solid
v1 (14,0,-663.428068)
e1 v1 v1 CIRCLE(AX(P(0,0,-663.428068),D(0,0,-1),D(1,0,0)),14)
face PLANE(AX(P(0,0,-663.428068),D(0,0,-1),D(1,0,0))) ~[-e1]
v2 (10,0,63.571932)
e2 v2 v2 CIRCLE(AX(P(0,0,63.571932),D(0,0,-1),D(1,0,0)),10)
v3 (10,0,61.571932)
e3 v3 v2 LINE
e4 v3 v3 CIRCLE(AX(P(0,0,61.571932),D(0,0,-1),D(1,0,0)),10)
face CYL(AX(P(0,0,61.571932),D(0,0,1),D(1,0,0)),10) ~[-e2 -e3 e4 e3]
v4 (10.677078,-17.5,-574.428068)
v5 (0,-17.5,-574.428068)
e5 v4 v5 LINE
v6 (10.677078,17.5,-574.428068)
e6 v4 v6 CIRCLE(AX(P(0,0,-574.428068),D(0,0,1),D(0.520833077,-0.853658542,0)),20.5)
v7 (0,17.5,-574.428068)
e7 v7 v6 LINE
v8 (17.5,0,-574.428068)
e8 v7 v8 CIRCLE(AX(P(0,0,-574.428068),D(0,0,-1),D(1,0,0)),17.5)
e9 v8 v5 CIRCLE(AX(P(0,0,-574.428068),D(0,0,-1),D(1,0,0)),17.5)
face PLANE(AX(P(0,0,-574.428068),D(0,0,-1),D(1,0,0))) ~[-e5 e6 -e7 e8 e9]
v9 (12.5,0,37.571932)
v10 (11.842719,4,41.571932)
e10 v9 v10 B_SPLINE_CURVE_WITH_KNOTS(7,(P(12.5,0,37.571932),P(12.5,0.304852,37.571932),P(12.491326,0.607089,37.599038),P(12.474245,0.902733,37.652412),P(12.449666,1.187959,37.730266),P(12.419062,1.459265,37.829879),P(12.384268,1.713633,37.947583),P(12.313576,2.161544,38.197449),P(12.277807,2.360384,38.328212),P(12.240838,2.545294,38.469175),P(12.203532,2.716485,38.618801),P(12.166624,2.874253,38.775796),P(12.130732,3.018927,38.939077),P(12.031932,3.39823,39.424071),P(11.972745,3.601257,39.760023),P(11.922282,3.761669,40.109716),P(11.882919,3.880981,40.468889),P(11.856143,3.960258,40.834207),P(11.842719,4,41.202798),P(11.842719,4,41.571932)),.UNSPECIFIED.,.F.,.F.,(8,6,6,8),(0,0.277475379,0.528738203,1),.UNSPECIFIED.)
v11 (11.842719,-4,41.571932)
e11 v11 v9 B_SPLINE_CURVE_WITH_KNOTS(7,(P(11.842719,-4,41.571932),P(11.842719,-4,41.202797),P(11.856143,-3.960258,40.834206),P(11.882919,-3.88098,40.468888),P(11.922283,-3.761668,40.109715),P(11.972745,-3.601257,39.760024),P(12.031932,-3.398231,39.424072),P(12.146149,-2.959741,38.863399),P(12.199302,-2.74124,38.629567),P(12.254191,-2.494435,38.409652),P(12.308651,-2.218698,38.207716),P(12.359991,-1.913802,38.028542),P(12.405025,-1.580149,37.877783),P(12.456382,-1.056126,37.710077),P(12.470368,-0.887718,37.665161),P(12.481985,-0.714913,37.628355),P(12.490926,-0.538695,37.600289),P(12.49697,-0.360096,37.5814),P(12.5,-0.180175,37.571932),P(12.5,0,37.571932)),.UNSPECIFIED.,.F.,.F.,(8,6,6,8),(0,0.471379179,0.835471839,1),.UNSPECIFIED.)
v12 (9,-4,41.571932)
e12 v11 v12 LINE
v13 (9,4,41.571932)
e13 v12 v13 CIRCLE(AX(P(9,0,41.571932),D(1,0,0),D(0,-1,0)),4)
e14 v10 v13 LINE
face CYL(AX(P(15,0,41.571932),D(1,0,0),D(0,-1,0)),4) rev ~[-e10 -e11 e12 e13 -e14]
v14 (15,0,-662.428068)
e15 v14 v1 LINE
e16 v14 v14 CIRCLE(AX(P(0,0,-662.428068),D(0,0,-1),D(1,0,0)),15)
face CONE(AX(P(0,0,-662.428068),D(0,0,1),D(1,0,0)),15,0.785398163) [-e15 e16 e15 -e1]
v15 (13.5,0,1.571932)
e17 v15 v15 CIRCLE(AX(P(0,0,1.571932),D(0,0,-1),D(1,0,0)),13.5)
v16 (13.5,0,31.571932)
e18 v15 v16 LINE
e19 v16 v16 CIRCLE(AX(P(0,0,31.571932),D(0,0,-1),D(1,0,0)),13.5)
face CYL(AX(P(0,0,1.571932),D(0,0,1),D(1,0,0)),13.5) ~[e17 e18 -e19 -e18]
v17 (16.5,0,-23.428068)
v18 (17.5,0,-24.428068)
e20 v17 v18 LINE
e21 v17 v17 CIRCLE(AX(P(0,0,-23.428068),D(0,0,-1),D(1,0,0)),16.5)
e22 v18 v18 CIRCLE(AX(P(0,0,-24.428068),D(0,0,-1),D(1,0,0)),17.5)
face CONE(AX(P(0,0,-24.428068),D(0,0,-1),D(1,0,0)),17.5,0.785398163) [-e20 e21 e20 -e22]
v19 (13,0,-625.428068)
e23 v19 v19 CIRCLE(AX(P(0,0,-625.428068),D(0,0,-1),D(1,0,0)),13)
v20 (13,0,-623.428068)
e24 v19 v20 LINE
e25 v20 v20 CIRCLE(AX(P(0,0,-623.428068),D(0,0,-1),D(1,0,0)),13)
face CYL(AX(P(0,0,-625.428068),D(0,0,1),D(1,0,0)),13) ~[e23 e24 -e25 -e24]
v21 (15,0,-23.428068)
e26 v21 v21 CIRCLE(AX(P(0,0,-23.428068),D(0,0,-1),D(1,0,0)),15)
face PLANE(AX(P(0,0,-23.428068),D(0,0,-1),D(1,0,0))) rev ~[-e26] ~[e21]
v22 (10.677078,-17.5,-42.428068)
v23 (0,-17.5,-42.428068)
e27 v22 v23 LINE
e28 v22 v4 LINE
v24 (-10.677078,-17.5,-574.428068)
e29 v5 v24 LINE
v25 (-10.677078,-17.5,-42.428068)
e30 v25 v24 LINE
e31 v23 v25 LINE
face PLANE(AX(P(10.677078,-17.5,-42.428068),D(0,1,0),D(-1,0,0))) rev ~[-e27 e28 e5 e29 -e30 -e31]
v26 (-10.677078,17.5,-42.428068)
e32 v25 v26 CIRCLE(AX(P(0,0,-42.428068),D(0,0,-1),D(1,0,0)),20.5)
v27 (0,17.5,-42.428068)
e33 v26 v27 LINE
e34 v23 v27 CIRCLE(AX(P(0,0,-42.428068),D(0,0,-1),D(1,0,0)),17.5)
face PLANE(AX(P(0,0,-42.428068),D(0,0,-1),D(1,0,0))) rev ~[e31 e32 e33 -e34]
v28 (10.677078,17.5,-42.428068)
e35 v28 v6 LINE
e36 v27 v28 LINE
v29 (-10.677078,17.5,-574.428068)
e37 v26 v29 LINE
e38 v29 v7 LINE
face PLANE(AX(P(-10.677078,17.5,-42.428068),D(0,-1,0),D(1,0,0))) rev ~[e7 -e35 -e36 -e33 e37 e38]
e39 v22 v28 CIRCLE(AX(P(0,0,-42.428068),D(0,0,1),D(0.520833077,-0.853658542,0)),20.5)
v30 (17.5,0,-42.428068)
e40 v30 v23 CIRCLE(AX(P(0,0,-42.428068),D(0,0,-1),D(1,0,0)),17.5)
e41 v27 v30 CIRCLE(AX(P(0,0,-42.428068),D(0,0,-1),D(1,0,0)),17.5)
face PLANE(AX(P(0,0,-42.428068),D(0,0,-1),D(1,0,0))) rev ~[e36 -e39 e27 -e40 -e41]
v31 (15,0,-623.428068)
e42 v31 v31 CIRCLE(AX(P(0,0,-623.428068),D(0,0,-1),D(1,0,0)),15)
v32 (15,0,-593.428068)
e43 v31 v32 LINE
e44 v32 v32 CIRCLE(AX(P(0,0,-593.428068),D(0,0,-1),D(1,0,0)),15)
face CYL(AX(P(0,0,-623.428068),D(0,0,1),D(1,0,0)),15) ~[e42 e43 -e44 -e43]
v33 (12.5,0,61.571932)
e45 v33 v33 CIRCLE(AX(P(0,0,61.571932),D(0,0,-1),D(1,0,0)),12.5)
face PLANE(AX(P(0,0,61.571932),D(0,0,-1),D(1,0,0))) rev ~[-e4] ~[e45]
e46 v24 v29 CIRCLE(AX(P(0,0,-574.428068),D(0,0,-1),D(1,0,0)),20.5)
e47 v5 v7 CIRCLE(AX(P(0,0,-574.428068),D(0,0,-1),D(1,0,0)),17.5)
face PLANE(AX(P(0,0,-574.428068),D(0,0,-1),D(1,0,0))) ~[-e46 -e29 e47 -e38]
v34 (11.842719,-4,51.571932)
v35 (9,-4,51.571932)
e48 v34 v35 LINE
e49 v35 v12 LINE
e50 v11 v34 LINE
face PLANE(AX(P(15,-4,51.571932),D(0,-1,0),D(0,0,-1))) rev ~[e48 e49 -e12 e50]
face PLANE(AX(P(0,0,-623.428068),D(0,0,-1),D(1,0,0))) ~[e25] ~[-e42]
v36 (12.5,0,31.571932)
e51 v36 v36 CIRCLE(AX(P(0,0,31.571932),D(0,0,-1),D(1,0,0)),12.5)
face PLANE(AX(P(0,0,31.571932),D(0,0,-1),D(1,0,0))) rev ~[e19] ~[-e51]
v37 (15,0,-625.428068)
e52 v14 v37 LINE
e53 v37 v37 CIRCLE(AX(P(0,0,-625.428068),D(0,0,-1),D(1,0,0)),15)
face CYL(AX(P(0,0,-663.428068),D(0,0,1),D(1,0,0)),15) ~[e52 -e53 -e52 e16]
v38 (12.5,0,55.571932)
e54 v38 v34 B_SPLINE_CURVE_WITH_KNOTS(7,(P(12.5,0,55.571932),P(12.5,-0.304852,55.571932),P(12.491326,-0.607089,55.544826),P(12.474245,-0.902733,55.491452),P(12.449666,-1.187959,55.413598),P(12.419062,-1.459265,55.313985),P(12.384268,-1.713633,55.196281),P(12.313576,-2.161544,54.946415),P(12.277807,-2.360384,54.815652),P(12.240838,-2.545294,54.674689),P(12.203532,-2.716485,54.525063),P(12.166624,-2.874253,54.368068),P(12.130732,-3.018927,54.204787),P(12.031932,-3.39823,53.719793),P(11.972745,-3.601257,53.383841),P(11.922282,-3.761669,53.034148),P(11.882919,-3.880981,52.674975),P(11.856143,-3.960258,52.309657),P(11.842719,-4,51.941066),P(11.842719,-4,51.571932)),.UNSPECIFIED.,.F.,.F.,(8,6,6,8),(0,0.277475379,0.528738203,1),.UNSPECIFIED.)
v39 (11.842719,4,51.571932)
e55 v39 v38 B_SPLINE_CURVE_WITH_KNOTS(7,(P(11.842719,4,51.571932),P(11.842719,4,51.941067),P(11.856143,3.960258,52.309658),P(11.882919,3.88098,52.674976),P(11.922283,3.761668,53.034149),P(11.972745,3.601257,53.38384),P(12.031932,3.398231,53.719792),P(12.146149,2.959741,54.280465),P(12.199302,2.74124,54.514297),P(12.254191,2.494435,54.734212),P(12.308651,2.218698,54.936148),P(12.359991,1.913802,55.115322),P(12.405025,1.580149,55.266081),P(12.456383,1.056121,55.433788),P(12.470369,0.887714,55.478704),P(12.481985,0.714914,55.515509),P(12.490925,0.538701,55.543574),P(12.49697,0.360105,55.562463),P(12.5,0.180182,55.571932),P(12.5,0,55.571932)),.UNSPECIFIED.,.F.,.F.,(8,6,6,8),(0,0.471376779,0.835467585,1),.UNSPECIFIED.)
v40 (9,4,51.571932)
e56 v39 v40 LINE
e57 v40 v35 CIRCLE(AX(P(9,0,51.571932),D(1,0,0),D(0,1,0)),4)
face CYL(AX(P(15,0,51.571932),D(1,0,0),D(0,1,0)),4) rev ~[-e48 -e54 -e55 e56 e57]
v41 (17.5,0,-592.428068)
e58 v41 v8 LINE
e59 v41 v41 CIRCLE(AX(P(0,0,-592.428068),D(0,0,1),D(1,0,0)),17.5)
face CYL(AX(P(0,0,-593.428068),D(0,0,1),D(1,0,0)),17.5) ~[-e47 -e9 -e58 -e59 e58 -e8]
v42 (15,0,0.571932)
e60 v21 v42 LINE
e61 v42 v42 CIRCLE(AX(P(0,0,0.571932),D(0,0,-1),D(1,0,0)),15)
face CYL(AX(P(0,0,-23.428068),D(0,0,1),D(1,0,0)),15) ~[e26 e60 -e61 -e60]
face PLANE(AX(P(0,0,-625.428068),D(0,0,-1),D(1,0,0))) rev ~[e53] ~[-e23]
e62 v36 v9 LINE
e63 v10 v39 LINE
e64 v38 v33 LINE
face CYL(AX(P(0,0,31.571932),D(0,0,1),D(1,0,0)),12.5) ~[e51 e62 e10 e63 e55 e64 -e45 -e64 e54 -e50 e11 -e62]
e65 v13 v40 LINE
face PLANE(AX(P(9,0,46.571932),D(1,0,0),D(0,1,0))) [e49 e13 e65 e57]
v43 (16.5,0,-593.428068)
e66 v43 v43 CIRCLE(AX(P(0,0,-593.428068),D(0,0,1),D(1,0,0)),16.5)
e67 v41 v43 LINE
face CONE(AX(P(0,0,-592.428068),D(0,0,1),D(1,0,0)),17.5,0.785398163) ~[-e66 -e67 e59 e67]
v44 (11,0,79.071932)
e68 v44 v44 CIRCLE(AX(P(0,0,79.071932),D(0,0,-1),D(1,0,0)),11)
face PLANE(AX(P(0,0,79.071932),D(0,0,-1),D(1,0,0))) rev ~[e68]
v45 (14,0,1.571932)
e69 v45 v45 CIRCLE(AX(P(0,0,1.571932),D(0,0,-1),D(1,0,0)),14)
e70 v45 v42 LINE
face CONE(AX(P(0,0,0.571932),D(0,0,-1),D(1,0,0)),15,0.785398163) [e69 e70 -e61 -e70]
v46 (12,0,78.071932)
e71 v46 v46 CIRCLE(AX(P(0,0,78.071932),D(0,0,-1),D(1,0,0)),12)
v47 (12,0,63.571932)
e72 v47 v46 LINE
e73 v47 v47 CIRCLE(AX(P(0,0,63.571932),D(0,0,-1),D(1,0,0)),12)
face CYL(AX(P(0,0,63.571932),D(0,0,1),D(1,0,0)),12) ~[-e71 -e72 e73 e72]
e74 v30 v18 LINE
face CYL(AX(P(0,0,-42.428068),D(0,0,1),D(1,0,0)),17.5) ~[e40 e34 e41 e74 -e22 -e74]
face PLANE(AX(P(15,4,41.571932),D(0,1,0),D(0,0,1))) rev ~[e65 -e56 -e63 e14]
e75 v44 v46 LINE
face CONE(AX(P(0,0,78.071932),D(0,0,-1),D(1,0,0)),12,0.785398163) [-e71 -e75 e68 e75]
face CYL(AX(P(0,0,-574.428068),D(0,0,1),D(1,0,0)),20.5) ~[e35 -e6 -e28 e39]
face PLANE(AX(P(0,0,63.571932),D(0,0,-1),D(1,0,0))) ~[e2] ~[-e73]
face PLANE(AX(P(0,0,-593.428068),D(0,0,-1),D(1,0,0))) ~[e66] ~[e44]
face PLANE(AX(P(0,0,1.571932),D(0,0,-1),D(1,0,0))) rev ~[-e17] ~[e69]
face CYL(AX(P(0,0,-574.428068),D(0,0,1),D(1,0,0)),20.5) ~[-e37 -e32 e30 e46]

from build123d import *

# Parameters (mm, degrees)
F3_DEPTH = 621.001
F4_SIZE  = 1
F7_DEPTH = 6


with BuildPart() as f1:
    # F0 (on Front) → F1 (revolve)
    with BuildSketch(Plane.XZ):
        Polygon((12, 79.071932), (0, 79.071932), (0, -663.428068), (15, -663.428068), (15, -625.428068), (13, -625.428068), (13, -623.428068), (15, -623.428068), (15, -593.428068), (17.5, -593.428068), (17.5, -574.428068), (20.5, -574.428068), (20.5, -42.428068), (17.5, -42.428068), (17.5, -23.428068), (15, -23.428068), (15, 1.571932), (13.5, 1.571932), (13.5, 31.571932), (12.5, 31.571932), (12.5, 61.571932), (10, 61.571932), (10, 63.571932), (12, 63.571932), align=None)
    revolve(axis=Axis((0, 0, -292.178068), (0, 0, -1)))

    # F2 (on face) → F3 (cut, through all)
    with BuildSketch(Plane.XY.offset(-42.428068)):
        with BuildLine():
            ThreePointArc((10.677078, 17.5), (0, 20.5), (-10.677078, 17.5))
            Line((-10.677078, 17.5), (0, 17.5))
            Line((0, 17.5), (10.677078, 17.5))
        make_face()
        with BuildLine():
            Line((0, -17.5), (-10.677078, -17.5))
            ThreePointArc((-10.677078, -17.5), (0, -20.5), (10.677078, -17.5))
            Line((10.677078, -17.5), (0, -17.5))
        make_face()
    extrude(amount=-F3_DEPTH, mode=Mode.SUBTRACT)

    # F4
    f4_edges = [f1.edges().sort_by_distance(p)[0] for p in [
        (-15, 0, -663.428068),
        (-17.5, 0, -593.428068),
        (-12, 0, 79.071932),
        (-15, 0, 1.571932),
        (-17.5, 0, -23.428068),
    ]]
    chamfer(f4_edges, length=F4_SIZE)

    # F6 (on offset) → F7 (cut)
    with BuildSketch(Plane.YZ.offset(15)):
        with BuildLine():
            ThreePointArc((4, 51.571932), (0, 55.571932), (-4, 51.571932))
            Line((-4, 51.571932), (-4, 41.571932))
            ThreePointArc((-4, 41.571932), (0, 37.571932), (4, 41.571932))
            Line((4, 41.571932), (4, 51.571932))
        make_face()
    extrude(amount=-F7_DEPTH, mode=Mode.SUBTRACT)


solid = f1.part
